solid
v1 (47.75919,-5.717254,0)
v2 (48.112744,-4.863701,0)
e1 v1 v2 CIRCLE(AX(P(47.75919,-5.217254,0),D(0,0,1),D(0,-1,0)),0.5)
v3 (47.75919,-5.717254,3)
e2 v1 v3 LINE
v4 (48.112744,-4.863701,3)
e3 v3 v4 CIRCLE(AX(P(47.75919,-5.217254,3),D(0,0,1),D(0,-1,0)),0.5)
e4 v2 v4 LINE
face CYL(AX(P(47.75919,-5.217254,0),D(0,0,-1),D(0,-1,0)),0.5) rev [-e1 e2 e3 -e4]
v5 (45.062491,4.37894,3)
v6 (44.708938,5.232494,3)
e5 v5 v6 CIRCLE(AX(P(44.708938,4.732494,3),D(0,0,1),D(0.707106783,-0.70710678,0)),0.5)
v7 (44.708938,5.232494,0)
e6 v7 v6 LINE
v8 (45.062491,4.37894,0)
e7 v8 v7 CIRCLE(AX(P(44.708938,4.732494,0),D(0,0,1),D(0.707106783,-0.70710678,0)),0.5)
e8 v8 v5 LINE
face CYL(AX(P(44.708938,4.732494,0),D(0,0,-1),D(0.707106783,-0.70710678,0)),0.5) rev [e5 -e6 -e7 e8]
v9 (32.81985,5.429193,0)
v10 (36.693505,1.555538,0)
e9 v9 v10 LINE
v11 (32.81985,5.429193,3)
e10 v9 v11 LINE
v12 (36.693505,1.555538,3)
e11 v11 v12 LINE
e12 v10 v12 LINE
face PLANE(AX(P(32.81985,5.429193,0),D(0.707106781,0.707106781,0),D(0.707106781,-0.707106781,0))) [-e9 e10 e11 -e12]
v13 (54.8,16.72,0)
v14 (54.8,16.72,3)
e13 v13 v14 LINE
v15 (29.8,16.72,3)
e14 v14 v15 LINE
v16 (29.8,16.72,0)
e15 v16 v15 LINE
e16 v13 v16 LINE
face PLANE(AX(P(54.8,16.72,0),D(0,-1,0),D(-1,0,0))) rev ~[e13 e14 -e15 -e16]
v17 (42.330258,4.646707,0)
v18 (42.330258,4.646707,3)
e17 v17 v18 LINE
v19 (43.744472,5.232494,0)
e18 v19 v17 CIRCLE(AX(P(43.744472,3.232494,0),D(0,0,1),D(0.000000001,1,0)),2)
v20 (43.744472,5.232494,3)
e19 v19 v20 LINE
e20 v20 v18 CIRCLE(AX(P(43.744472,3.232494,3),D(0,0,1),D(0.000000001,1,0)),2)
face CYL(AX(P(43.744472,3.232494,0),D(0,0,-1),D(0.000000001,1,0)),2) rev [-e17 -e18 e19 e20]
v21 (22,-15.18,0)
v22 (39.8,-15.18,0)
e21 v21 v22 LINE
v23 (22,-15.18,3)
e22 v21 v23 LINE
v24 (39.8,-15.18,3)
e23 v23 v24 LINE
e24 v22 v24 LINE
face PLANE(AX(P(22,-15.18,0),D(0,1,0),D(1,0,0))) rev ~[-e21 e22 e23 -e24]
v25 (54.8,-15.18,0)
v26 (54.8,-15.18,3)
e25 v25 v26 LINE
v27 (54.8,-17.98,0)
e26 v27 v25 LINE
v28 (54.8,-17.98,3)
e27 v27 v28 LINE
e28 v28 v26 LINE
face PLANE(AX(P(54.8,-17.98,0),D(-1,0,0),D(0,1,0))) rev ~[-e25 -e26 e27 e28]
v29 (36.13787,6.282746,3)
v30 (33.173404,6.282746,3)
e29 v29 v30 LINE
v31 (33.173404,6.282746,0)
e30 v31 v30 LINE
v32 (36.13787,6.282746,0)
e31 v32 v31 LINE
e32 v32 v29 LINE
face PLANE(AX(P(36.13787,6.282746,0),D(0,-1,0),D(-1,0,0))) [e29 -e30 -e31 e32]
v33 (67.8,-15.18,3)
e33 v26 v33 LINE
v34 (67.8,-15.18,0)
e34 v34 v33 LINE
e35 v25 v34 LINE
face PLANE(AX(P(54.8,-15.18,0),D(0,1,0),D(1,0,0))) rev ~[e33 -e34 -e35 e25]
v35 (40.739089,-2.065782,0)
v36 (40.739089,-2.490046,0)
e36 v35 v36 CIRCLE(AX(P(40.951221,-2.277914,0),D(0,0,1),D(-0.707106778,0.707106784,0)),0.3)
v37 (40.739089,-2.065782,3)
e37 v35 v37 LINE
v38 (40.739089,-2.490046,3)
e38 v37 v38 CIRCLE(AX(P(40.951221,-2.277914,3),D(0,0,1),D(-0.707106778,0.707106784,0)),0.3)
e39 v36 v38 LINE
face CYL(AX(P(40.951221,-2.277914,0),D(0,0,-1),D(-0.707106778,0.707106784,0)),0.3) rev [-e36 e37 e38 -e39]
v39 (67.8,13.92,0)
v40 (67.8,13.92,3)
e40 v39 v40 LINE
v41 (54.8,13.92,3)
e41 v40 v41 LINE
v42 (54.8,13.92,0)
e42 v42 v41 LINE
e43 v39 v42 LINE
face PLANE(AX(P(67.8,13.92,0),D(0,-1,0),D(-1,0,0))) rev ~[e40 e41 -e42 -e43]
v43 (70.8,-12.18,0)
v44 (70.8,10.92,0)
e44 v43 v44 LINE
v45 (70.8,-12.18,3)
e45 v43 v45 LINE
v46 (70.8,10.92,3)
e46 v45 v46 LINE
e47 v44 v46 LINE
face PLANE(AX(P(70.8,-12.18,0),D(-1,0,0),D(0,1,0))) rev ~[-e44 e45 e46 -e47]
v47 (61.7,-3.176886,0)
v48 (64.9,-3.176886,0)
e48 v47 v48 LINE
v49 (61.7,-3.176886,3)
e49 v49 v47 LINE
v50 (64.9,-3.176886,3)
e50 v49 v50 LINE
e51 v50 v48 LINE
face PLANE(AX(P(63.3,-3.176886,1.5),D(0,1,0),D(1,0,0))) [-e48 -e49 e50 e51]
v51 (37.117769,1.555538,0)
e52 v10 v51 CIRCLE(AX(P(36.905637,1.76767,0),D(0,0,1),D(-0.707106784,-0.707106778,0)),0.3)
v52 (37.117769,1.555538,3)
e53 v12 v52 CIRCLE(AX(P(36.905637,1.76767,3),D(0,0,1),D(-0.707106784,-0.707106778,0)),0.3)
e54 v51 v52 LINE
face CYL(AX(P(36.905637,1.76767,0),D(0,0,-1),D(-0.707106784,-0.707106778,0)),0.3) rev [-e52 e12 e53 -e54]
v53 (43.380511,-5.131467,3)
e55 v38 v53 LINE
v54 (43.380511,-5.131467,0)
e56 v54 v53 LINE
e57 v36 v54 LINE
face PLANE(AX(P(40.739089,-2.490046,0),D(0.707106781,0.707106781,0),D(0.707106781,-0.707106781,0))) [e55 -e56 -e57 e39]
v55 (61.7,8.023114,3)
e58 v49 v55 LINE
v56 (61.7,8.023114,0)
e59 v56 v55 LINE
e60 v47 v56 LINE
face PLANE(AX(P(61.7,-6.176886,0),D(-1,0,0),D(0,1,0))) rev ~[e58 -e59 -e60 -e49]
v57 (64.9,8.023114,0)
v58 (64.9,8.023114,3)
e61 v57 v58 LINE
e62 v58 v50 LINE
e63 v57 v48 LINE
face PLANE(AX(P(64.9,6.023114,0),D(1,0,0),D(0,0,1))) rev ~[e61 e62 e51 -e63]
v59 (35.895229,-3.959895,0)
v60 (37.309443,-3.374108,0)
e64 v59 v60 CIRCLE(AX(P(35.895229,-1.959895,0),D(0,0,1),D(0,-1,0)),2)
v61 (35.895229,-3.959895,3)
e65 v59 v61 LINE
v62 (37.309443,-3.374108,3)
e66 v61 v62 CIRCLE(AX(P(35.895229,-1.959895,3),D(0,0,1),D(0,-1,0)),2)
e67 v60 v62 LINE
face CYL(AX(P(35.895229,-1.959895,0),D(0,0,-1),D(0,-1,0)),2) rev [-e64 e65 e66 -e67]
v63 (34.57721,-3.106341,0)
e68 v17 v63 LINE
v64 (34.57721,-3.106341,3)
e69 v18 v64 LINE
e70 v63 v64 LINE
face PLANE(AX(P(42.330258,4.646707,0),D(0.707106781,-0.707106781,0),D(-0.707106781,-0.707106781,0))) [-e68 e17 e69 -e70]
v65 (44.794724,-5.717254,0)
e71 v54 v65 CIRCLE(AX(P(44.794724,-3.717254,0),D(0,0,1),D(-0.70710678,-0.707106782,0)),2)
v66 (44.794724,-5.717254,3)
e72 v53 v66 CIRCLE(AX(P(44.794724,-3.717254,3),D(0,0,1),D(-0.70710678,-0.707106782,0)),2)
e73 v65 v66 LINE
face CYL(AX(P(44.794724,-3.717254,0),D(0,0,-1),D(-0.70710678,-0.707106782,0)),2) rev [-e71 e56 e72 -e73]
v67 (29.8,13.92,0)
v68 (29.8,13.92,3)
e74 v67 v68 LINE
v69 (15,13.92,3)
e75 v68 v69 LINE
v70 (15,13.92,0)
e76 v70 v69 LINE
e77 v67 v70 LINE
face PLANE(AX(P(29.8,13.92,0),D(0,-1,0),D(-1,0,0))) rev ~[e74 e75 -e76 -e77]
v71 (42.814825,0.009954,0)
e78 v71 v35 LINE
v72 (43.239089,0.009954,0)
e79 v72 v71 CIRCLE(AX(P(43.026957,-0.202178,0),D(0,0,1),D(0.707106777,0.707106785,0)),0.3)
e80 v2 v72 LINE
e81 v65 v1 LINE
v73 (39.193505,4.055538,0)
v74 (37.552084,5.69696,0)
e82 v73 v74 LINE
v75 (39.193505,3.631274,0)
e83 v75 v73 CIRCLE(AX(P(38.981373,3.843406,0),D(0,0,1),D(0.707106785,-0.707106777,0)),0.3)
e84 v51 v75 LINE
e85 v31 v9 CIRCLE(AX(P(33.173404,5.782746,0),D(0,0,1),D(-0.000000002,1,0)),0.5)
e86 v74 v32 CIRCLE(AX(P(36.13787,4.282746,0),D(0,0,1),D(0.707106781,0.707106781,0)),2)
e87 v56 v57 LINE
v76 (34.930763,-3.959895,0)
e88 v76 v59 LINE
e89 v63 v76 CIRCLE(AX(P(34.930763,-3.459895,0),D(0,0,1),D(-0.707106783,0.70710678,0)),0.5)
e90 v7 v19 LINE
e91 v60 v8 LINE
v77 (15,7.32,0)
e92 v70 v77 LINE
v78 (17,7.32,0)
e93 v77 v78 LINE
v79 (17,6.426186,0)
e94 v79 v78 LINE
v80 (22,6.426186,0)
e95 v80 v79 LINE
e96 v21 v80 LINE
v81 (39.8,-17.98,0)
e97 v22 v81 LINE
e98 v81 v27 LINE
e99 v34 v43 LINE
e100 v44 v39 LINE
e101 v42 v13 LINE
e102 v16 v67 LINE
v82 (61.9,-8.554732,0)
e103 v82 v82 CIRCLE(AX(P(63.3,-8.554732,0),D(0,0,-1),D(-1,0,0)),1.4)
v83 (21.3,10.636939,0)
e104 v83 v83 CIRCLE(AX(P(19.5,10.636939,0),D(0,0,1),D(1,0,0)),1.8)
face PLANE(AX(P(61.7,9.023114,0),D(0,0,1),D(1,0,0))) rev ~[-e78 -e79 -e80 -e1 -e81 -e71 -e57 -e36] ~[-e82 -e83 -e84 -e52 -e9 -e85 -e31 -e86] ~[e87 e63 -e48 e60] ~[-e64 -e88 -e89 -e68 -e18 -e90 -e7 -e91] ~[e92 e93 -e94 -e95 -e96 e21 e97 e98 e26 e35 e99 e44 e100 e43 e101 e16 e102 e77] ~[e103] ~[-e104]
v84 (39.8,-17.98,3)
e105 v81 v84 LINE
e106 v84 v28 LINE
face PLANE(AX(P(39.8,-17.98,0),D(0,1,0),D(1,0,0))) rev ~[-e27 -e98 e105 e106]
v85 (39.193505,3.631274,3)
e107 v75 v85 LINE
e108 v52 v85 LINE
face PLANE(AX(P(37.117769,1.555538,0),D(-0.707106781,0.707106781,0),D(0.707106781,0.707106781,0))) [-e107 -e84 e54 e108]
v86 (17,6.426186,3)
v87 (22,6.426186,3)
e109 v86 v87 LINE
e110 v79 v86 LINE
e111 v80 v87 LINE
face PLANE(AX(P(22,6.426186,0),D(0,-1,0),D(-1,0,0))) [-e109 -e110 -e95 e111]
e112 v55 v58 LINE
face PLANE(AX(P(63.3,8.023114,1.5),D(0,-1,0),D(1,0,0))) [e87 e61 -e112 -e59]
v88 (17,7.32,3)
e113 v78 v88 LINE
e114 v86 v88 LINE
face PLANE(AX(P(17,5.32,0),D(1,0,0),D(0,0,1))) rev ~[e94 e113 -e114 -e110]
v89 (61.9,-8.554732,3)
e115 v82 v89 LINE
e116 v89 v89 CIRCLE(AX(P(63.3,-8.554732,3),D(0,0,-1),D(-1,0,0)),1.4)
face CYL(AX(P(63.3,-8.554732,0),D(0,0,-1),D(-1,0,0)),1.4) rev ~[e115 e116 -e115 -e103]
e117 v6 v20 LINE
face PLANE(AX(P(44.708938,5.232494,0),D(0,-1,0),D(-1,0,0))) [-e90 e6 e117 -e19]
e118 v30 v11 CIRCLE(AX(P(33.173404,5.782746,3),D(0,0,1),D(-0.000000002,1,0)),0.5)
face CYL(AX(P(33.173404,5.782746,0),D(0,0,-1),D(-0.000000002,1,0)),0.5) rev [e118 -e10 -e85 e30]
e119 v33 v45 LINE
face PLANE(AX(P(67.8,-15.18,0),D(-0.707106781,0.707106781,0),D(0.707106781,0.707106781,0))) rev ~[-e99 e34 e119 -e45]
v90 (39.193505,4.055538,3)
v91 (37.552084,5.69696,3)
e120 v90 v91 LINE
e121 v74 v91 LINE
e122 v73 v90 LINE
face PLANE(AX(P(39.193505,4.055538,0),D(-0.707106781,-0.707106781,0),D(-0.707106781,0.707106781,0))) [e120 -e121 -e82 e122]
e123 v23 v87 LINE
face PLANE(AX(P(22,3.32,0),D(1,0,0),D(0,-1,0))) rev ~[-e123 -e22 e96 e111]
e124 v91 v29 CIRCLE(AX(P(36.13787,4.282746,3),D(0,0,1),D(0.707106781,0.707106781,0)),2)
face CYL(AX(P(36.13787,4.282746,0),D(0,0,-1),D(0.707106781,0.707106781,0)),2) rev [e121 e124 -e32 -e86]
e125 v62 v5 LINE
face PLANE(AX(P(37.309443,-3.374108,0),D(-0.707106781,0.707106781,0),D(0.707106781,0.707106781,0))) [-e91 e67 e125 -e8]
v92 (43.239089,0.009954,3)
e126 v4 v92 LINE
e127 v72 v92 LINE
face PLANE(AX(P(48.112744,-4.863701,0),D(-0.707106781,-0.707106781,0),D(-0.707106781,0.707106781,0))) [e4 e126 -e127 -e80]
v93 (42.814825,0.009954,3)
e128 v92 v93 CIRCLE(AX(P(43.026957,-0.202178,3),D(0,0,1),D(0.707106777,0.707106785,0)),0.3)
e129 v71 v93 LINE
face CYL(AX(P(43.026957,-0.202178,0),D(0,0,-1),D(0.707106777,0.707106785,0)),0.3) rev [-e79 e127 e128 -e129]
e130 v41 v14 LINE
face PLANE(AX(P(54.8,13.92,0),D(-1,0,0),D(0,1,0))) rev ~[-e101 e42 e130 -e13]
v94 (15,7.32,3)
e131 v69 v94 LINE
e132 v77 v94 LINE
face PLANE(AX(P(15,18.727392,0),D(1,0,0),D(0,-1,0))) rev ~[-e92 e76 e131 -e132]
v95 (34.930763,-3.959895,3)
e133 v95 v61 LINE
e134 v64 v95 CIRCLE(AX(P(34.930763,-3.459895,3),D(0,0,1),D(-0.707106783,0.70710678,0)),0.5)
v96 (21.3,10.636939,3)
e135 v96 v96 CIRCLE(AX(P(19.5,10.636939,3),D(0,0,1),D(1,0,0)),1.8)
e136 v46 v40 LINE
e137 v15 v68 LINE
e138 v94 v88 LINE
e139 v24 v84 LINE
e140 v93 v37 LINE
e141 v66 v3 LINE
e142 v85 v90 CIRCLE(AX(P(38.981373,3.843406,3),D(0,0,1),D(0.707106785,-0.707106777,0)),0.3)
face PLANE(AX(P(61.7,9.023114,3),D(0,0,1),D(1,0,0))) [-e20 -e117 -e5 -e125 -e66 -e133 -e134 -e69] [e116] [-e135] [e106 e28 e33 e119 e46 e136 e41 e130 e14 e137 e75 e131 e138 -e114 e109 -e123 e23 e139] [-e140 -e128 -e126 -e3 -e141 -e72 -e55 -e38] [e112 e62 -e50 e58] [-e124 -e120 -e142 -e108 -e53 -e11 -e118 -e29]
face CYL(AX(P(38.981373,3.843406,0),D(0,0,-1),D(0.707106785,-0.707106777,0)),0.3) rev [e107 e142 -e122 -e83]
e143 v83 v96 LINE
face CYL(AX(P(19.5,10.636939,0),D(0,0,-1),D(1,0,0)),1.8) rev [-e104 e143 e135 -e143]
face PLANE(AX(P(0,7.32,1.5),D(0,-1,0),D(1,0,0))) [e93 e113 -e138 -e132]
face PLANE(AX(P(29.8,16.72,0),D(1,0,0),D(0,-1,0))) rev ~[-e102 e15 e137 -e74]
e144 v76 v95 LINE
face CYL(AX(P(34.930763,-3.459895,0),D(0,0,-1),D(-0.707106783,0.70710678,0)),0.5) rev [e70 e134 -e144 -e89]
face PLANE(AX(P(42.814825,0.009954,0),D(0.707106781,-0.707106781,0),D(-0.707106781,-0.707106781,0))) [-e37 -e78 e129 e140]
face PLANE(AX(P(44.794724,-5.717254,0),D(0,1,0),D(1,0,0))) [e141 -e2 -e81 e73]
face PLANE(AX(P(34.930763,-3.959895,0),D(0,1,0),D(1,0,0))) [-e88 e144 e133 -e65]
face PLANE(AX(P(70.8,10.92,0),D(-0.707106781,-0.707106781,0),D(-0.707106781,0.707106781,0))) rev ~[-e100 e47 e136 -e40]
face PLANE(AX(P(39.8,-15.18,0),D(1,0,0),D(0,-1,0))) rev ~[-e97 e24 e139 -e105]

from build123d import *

# Parameters (mm, degrees)
SKETCH_1_R           = 1.8
SKETCH_1_W           = 3
SKETCH_1_H           = 12
EXTRUDE_1_DEPTH      = 3
SKETCH_3_W           = 34
SKETCH_3_H           = 3
CUT_EXTRUDE_1_DEPTH  = 10
SKETCH_4_W           = 38
SKETCH_4_H           = 2
CUT_EXTRUDE_2_DEPTH  = 10
SKETCH_5_W           = 3
SKETCH_5_H           = 2
EXTRUDE_2_DEPTH      = 2
SKETCH_6_W           = 3
SKETCH_6_H           = 2
EXTRUDE_3_DEPTH      = 2
SKETCH_7_W           = 34
SKETCH_7_H           = 3
CUT_EXTRUDE_3_DEPTH  = 2
SKETCH_8_W           = 3
SKETCH_8_H           = 10
EXTRUDE_4_DEPTH      = 5
SKETCH_9_W           = 5
SKETCH_9_H           = 3
CUT_EXTRUDE_4_DEPTH  = 2
CUT_EXTRUDE_5_DEPTH  = 10
SKETCH_11_W          = 3
SKETCH_11_H          = 8
CUT_EXTRUDE_6_DEPTH  = 5
SKETCH_12_W          = 3.2
SKETCH_12_H          = 12.2
SKETCH_12_W_2        = 3
SKETCH_12_H_2        = 12
CUT_EXTRUDE_7_DEPTH  = 10
SKETCH_13_W          = 3.2
SKETCH_13_H          = 3
EXTRUDE_5_DEPTH      = 3
SKETCH_14_W          = 3.2
SKETCH_14_H          = 3
CUT_EXTRUDE_8_DEPTH  = 3
SKETCH_15_W          = 3.2
SKETCH_15_H          = 3
EXTRUDE_6_DEPTH      = 1
SKETCH_16_R          = 1.4
CUT_EXTRUDE_9_DEPTH  = 3
SKETCH_17_W          = 5
SKETCH_17_H          = 3.106186253
CUT_EXTRUDE_10_DEPTH = 10


with BuildPart() as part:
    # 草图1 → 凸台-拉伸1 (new body)
    with BuildSketch(Plane.XY):
        Polygon((-64.8, 13.92), (-67.8, 13.92), (-70.8, 10.92), (-70.8, -12.18), (-67.8, -15.18), (-64.8, -15.18), (-54.8, -15.18), (-54.8, -17.98), (-39.8, -17.98), (-39.8, -15.18), (-22, -15.18), (-22, 3.32), (-17, 3.32), (-17, 0.32), (17, 0.32), (17, 3.32), (22, 3.32), (22, -15.18), (39.8, -15.18), (39.8, -17.98), (54.8, -17.98), (54.8, -15.18), (67.8, -15.18), (70.8, -12.18), (70.8, 10.92), (67.8, 13.92), (54.8, 13.92), (54.8, 16.72), (29.8, 16.72), (29.8, 13.92), (10, 13.92), (10, 16.72), (-10, 16.72), (-10, 13.92), (-29.8, 13.92), (-29.8, 16.72), (-54.8, 16.72), (-54.8, 13.92), align=None)
        with Locations((-19.5, 10.636938849)):
            Circle(SKETCH_1_R, mode=Mode.SUBTRACT)
        with Locations((19.5, 10.636938849)):
            Circle(SKETCH_1_R, mode=Mode.SUBTRACT)
        with BuildLine():
            Line((-48.112743691, -4.863700543), (-43.239089288, 0.009953861))
            ThreePointArc((-43.239089288, 0.009953861), (-43.026957254, 0.097821826), (-42.814825219, 0.009953861))
            Line((-42.814825219, 0.009953861), (-40.739089288, -2.065782071))
            ThreePointArc((-40.739089288, -2.065782071), (-40.651221322, -2.277914105), (-40.739089288, -2.490046139))
            Line((-40.739089288, -2.490046139), (-43.380510644, -5.131467496))
            ThreePointArc((-43.380510644, -5.131467496), (-44.029357342, -5.565012998), (-44.794724207, -5.717253933))
            Line((-44.794724207, -5.717253933), (-47.759190301, -5.717253933))
            ThreePointArc((-47.759190301, -5.717253933), (-48.221130067, -5.408595649), (-48.112743691, -4.863700543))
        make_face(mode=Mode.SUBTRACT)
        with Locations((-63.3, -0.08)):
            Rectangle(SKETCH_1_W, SKETCH_1_H, mode=Mode.SUBTRACT)
        with BuildLine():
            Line((-37.309442832, -3.374108183), (-45.06249116, 4.378940145))
            ThreePointArc((-45.06249116, 4.378940145), (-45.170877535, 4.923835251), (-44.708937769, 5.232493535))
            Line((-44.708937769, 5.232493535), (-43.744471675, 5.232493535))
            ThreePointArc((-43.744471675, 5.232493535), (-42.97910481, 5.0802526), (-42.330258113, 4.646707097))
            Line((-42.330258113, 4.646707097), (-34.577209785, -3.10634123))
            ThreePointArc((-34.577209785, -3.10634123), (-34.46882341, -3.651236336), (-34.930763176, -3.95989462))
            Line((-34.930763176, -3.95989462), (-35.89522927, -3.95989462))
            ThreePointArc((-35.89522927, -3.95989462), (-36.660596135, -3.807653685), (-37.309442832, -3.374108183))
        make_face(mode=Mode.SUBTRACT)
        with BuildLine():
            Line((-32.819850472, 5.429192676), (-36.693504876, 1.555538273))
            ThreePointArc((-36.693504876, 1.555538273), (-36.90563691, 1.467670307), (-37.117768944, 1.555538273))
            Line((-37.117768944, 1.555538273), (-39.193504876, 3.631274204))
            ThreePointArc((-39.193504876, 3.631274204), (-39.281372841, 3.843406239), (-39.193504876, 4.055538273))
            Line((-39.193504876, 4.055538273), (-37.55208352, 5.696959629))
            ThreePointArc((-37.55208352, 5.696959629), (-36.903236822, 6.130505132), (-36.137869957, 6.282746067))
            Line((-36.137869957, 6.282746067), (-33.173403863, 6.282746067))
            ThreePointArc((-33.173403863, 6.282746067), (-32.711464097, 5.974087783), (-32.819850472, 5.429192676))
        make_face(mode=Mode.SUBTRACT)
        with Locations((63.3, -0.076886306)):
            Rectangle(SKETCH_1_W, SKETCH_1_H, mode=Mode.SUBTRACT)
        with BuildLine():
            Line((42.330258113, 4.646707097), (34.577209785, -3.10634123))
            ThreePointArc((34.577209785, -3.10634123), (34.46882341, -3.651236336), (34.930763176, -3.95989462))
            Line((34.930763176, -3.95989462), (35.89522927, -3.95989462))
            ThreePointArc((35.89522927, -3.95989462), (36.660596135, -3.807653685), (37.309442832, -3.374108183))
            Line((37.309442832, -3.374108183), (45.06249116, 4.378940145))
            ThreePointArc((45.06249116, 4.378940145), (45.170877535, 4.923835251), (44.708937769, 5.232493535))
            Line((44.708937769, 5.232493535), (43.744471675, 5.232493535))
            ThreePointArc((43.744471675, 5.232493535), (42.97910481, 5.0802526), (42.330258113, 4.646707097))
        make_face(mode=Mode.SUBTRACT)
        with BuildLine():
            Line((48.112743691, -4.863700543), (43.239089288, 0.009953861))
            ThreePointArc((43.239089288, 0.009953861), (43.026957254, 0.097821826), (42.814825219, 0.009953861))
            Line((42.814825219, 0.009953861), (40.739089288, -2.065782071))
            ThreePointArc((40.739089288, -2.065782071), (40.651221322, -2.277914105), (40.739089288, -2.490046139))
            Line((40.739089288, -2.490046139), (43.380510644, -5.131467496))
            ThreePointArc((43.380510644, -5.131467496), (44.029357342, -5.565012998), (44.794724207, -5.717253933))
            Line((44.794724207, -5.717253933), (47.759190301, -5.717253933))
            ThreePointArc((47.759190301, -5.717253933), (48.221130067, -5.408595649), (48.112743691, -4.863700543))
        make_face(mode=Mode.SUBTRACT)
        with BuildLine():
            Line((39.193504876, 4.055538273), (37.55208352, 5.696959629))
            ThreePointArc((37.55208352, 5.696959629), (36.903236822, 6.130505132), (36.137869957, 6.282746067))
            Line((36.137869957, 6.282746067), (33.173403863, 6.282746067))
            ThreePointArc((33.173403863, 6.282746067), (32.711464097, 5.974087783), (32.819850472, 5.429192676))
            Line((32.819850472, 5.429192676), (36.693504876, 1.555538273))
            ThreePointArc((36.693504876, 1.555538273), (36.90563691, 1.467670307), (37.117768944, 1.555538273))
            Line((37.117768944, 1.555538273), (39.193504876, 3.631274204))
            ThreePointArc((39.193504876, 3.631274204), (39.281372841, 3.843406239), (39.193504876, 4.055538273))
        make_face(mode=Mode.SUBTRACT)
    extrude(amount=EXTRUDE_1_DEPTH)

    # 草图3 → 切除-拉伸1 (cut)
    with BuildSketch(Plane(origin=(0, 0, 0), x_dir=(-1, 0, 0), z_dir=(0, 0, -1))):
        with Locations((0, 1.82)):
            Rectangle(SKETCH_3_W, SKETCH_3_H)
    extrude(amount=-CUT_EXTRUDE_1_DEPTH, mode=Mode.SUBTRACT)

    # 草图4 → 切除-拉伸2 (cut)
    with BuildSketch(Plane(origin=(0, 0, 0), x_dir=(-1, 0, 0), z_dir=(0, 0, -1))):
        with Locations((0, 4.32)):
            Rectangle(SKETCH_4_W, SKETCH_4_H)
    extrude(amount=-CUT_EXTRUDE_2_DEPTH, mode=Mode.SUBTRACT)

    # 草图5 → 凸台-拉伸2 (add)
    with BuildSketch(Plane(origin=(-19, 0, 0), x_dir=(0, 0, -1), z_dir=(1, 0, 0))):
        with Locations((-1.5, 4.32)):
            Rectangle(SKETCH_5_W, SKETCH_5_H)
    extrude(amount=EXTRUDE_2_DEPTH)

    # 草图6 → 凸台-拉伸3 (add)
    with BuildSketch(Plane.ZY.offset(-19)):
        with Locations((1.5, 4.32)):
            Rectangle(SKETCH_6_W, SKETCH_6_H)
    extrude(amount=EXTRUDE_3_DEPTH)

    # 草图7 → 切除-拉伸3 (cut)
    with BuildSketch(Plane.XZ.offset(-5.32)):
        with Locations((0, 1.5)):
            Rectangle(SKETCH_7_W, SKETCH_7_H)
    extrude(amount=-CUT_EXTRUDE_3_DEPTH, mode=Mode.SUBTRACT)

    # 草图8 → 凸台-拉伸4 (add)
    with BuildSketch(Plane.ZY.offset(-22)):
        with Locations((1.5, -7.18)):
            Rectangle(SKETCH_8_W, SKETCH_8_H)
    extrude_4 = extrude(amount=EXTRUDE_4_DEPTH)

    # 镜向1: 凸台-拉伸4 across plane
    add(extrude_4.mirror(Plane.ZY))

    # 草图9 → 切除-拉伸4 (cut)
    with BuildSketch(Plane.XZ.offset(12.18)):
        with Locations((-19.5, 1.5)):
            Rectangle(SKETCH_9_W, SKETCH_9_H)
        with Locations((19.5, 1.5)):
            Rectangle(SKETCH_9_W, SKETCH_9_H)
    extrude(amount=-CUT_EXTRUDE_4_DEPTH, mode=Mode.SUBTRACT)

    # 草图10 → 切除-拉伸5 (cut)
    with BuildSketch(Plane(origin=(0, 0, 0), x_dir=(-1, 0, 0), z_dir=(0, 0, -1))):
        Polygon((-15, 7.32), (-15, 18.727392341), (81.723481171, 18.727392341), (81.723481171, -24.797051458), (-15, -24.797051458), align=None)
    extrude(amount=-CUT_EXTRUDE_5_DEPTH, mode=Mode.SUBTRACT)

    # 草图11 → 切除-拉伸6 (cut)
    with BuildSketch(Plane.ZY.offset(-17)):
        with Locations((1.5, -6.18)):
            Rectangle(SKETCH_11_W, SKETCH_11_H)
    extrude(amount=-CUT_EXTRUDE_6_DEPTH, mode=Mode.SUBTRACT)

    # 草图12 → 切除-拉伸7 (cut)
    with BuildSketch(Plane(origin=(0, 0, 0), x_dir=(-1, 0, 0), z_dir=(0, 0, -1))):
        with Locations((-63.3, -0.076886306)):
            Rectangle(SKETCH_12_W, SKETCH_12_H)
        with Locations((-63.3, -0.076886306)):
            Rectangle(SKETCH_12_W_2, SKETCH_12_H_2, mode=Mode.SUBTRACT)
    extrude(amount=-CUT_EXTRUDE_7_DEPTH, mode=Mode.SUBTRACT)

    # 草图13 → 凸台-拉伸5 (add)
    with BuildSketch(Plane(origin=(0, -6.176886306, 0), x_dir=(1, 0, 0), z_dir=(0, 1, 0))):
        with Locations((63.3, -1.5)):
            Rectangle(SKETCH_13_W, SKETCH_13_H)
    extrude(amount=EXTRUDE_5_DEPTH)

    # 草图14 → 切除-拉伸8 (cut)
    with BuildSketch(Plane.XZ.offset(-6.023113694)):
        with Locations((63.3, 1.5)):
            Rectangle(SKETCH_14_W, SKETCH_14_H)
    extrude(amount=-CUT_EXTRUDE_8_DEPTH, mode=Mode.SUBTRACT)

    # 草图15 → 凸台-拉伸6 (add)
    with BuildSketch(Plane.XZ.offset(-9.023113694)):
        with Locations((63.3, 1.5)):
            Rectangle(SKETCH_15_W, SKETCH_15_H)
    extrude(amount=EXTRUDE_6_DEPTH)

    # 草图16 → 切除-拉伸9 (cut)
    with BuildSketch(Plane(origin=(-133.943153128, 43.327317851, 0), x_dir=(-1, 0, 0), z_dir=(0, 0, -1))):
        with Locations((-197.243153128, -51.882049417)):
            Circle(SKETCH_16_R)
    extrude(amount=-CUT_EXTRUDE_9_DEPTH, mode=Mode.SUBTRACT)

    # 草图17 → 切除-拉伸10 (cut)
    with BuildSketch(Plane(origin=(-133.943153128, 43.327317851, 0), x_dir=(-1, 0, 0), z_dir=(0, 0, -1))):
        with Locations((-153.443153128, -38.454224725)):
            Rectangle(SKETCH_17_W, SKETCH_17_H)
    extrude(amount=-CUT_EXTRUDE_10_DEPTH, mode=Mode.SUBTRACT)


solid = part.part
